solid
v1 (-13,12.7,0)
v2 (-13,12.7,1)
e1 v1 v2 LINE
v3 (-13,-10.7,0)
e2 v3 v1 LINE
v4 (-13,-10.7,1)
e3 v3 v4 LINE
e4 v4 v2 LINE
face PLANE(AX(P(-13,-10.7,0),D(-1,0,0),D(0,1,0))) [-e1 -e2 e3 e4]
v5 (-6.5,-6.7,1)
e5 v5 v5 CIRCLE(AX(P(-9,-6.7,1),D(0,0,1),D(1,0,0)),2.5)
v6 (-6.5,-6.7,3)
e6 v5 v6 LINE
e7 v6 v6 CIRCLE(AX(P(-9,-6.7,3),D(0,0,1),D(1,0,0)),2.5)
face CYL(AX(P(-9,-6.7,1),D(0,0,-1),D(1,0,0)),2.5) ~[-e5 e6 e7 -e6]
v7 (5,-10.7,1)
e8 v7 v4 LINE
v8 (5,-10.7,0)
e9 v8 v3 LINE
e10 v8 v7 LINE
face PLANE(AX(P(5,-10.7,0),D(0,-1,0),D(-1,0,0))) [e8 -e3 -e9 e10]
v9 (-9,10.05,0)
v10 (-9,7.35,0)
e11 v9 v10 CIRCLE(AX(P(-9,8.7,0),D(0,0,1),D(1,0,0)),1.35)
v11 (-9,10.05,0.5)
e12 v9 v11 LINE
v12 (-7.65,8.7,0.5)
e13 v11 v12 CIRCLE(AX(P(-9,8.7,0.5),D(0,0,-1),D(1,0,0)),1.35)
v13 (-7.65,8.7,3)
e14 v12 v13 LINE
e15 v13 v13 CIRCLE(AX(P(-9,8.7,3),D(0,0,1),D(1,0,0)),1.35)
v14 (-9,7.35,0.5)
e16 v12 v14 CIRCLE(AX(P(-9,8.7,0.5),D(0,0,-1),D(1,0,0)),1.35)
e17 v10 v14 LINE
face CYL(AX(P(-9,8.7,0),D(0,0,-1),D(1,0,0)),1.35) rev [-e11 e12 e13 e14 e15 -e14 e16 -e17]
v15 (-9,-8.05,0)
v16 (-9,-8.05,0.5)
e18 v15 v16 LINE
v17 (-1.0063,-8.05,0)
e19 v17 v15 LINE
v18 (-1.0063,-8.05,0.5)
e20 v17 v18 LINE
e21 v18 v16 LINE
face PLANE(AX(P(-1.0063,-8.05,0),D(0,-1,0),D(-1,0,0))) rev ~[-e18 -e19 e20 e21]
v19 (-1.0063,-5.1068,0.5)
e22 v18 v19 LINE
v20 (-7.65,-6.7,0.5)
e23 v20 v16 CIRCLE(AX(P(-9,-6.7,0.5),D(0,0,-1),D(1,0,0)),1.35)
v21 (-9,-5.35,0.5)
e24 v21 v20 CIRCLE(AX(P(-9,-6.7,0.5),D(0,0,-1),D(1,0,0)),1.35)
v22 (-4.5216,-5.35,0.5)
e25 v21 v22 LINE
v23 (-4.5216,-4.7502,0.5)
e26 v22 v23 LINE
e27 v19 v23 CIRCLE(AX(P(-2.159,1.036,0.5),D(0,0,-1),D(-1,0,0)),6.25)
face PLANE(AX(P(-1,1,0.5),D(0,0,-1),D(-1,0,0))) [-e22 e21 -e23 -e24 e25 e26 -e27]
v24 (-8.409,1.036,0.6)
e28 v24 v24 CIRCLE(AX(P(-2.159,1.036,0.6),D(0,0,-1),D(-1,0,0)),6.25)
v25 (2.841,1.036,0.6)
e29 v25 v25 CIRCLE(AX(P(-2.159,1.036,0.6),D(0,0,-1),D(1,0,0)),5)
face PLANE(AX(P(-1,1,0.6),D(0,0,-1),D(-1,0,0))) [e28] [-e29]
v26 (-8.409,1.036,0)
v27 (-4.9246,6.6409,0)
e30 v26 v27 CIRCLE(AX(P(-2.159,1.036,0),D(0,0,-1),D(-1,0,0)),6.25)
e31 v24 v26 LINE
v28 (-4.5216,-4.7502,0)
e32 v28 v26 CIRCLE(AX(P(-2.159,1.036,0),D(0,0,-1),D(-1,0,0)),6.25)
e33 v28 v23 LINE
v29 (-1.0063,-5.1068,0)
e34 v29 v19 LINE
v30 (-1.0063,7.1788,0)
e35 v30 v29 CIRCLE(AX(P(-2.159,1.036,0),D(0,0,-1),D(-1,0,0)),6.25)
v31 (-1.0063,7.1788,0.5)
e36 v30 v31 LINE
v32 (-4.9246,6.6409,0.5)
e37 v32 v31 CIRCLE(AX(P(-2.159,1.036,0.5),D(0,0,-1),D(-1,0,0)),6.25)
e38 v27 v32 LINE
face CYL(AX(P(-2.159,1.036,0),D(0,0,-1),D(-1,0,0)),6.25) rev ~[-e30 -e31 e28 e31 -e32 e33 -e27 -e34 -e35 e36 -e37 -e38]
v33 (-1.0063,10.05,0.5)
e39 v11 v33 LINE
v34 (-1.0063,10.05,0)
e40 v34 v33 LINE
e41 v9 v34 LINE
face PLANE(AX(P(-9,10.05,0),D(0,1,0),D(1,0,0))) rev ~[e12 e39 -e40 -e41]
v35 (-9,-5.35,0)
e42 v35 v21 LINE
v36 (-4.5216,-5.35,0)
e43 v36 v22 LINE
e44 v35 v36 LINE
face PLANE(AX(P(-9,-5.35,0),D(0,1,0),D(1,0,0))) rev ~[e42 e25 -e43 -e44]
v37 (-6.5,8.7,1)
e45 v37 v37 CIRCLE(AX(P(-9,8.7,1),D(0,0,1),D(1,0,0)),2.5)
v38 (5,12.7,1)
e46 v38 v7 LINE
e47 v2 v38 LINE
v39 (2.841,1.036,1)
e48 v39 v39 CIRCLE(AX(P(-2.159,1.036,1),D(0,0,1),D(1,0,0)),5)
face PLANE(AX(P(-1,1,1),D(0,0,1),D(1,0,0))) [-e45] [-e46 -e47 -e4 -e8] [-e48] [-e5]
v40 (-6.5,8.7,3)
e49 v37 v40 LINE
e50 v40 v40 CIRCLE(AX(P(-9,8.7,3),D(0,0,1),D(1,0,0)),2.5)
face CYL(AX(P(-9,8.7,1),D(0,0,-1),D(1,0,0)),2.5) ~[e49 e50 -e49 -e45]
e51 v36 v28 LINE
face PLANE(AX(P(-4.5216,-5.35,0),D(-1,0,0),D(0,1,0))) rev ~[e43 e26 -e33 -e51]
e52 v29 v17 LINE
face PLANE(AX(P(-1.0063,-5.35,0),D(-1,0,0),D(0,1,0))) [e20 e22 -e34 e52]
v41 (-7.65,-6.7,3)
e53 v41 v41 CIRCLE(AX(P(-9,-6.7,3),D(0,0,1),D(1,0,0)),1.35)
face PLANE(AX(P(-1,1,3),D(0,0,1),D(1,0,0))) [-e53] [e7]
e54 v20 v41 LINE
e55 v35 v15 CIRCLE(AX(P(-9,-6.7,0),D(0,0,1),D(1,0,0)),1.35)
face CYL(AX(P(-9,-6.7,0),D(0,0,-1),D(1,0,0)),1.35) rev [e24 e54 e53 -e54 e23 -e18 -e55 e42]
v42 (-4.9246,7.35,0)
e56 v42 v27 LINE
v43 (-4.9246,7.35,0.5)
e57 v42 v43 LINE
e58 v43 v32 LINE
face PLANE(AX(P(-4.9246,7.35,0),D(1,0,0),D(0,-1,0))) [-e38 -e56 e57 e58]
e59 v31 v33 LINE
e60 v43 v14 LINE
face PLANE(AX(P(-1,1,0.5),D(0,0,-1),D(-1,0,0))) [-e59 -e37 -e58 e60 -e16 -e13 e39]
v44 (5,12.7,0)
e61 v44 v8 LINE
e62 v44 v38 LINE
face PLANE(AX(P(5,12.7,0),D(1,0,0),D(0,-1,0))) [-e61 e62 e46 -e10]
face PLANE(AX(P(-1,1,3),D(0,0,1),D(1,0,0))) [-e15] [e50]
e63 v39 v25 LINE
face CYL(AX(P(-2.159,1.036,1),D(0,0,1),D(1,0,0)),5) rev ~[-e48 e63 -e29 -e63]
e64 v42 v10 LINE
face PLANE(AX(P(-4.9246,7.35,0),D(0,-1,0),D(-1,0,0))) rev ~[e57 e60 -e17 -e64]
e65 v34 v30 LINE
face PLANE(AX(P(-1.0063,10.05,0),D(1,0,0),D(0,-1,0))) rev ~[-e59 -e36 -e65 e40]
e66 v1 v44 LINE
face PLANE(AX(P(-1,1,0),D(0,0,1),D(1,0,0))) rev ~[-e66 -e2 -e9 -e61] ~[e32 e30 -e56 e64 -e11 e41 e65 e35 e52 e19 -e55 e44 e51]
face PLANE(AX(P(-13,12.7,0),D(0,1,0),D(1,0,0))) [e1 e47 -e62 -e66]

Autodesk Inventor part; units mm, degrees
ref_plane "YZ Plane" through (0, 0, 0) normal (1, 0, 0) x (0, 1, 0)
ref_plane "XZ Plane" through (0, 0, 0) normal (0, 1, 0) x (-1, 0, 0)
ref_plane "Work Plane1" through (-1, 1, 0) normal (0, 0, 1) x (1, 0, 0)
sketch "Sketch1" plane through (-1, 1, 0) normal (0, 0, 1) x (1, 0, 0)
  circle A0 centre (-8, 7.7) radius 1.35 projected
  circle A1 centre (-8, -7.7) radius 1.35 projected
  circle A2 centre (-1.159, 0.036) radius 6 construction
  line L0 (-12, 11.7) -> (6, 11.7)
  line L1 (6, 11.7) -> (6, -11.7)
  line L2 (6, -11.7) -> (-12, -11.7)
  line L3 (-12, -11.7) -> (-12, 11.7)
  point P0 (1, -1)
  dimension "d0" = 18
  dimension "d2" = 4
  dimension "d3" = 4
  dimension "d12" = 4
extrude "Extrusion1" add sketch "Sketch1" along normal blind 1
sketch "Sketch2" plane through (-1, 1, 1) normal (0, 0, 1) x (1, 0, 0)
  circle A0 centre (-1.159, 0.036) radius 6 projected
  circle A1 centre (-1.159, 0.036) radius 5
  point P0 (1, -1)
  dimension "d6" = 10
extrude "Extrusion2" cut sketch "Sketch2" against normal through all contours A1
sketch "Sketch3" plane through (-1, 1, 0) normal (0, 0, -1) x (-1, 0, 0)
  circle A0 centre (1.159, 0.036) radius 5 projected
  circle A1 centre (1.159, 0.036) radius 6.25
  point P0 (-1, -1)
  dimension "d9" = 12.5
ref_plane "Work Plane2" through (-8.159, -4.964, 0.6) normal (0, 0, -1) x (0, 1, 0)
extrude "Extrusion3" cut sketch "Sketch3" against normal up to surface (0.6 mm away)
sketch "Sketch4" plane through (-1, 1, 0) normal (0, 0, -1) x (-1, 0, 0)
  circle A0 centre (8, 7.7) radius 1.35 projected
  circle A1 centre (8, -7.7) radius 1.35 projected
  circle A2 centre (1.159, 0.036) radius 6.25 projected
  line L0 (8, 9.05) -> (0.0063, 9.05)
  line L1 (0.0063, 9.05) -> (0.0063, 6.35)
  line L2 (0.0063, 6.35) -> (8, 6.35)
  line L3 (8, 6.35) -> (8, 9.05)
  line L4 (8, -6.35) -> (0.0063, -6.35)
  line L5 (0.0063, -6.35) -> (0.0063, -9.05)
  line L6 (0.0063, -9.05) -> (8, -9.05)
  line L7 (8, -9.05) -> (8, -6.35)
  line L8 (0.0063, -6.35) -> (0.0063, -6.1068)
  line L9 (3.5216, -6.35) -> (3.5216, -5.7502)
  circle A3 centre (1.159, 0.036) radius 6.25 projected
  line L10 (3.9246, 6.35) -> (3.9246, 5.6409)
  line L11 (0.0063, 6.35) -> (0.0063, 6.1788)
  point P0 (-1, -1)
extrude "Extrusion4" cut sketch "Sketch4" against normal blind 0.5 contours L3 A0 | A0 L2 L1 L0 | L10 A2 L11 L2 | A2 | A2 L9 L4 L8 | L4 A1 L6 L5 | L7 A1 picked at (7.3128, 7.4828) picked at (7.2624, -7.8211)
sketch "Sketch5" plane through (-1, 1, 1) normal (0, 0, 1) x (1, 0, 0)
  circle A0 centre (-8, 7.7) radius 0.5 projected
  circle A1 centre (-8, 7.7) radius 1.35 projected
  circle A2 centre (-8, -7.7) radius 0.5 projected
  circle A3 centre (-8, -7.7) radius 1.35 projected
  arc A4 (-8, 9.05) -> (-8, 6.35) centre (-8, 7.7) ccw projected
  circle A5 centre (-8, 7.7) radius 2.5
  circle A6 centre (-8, -7.7) radius 2.5
  point P0 (1, -1)
  dimension "d15" = 5
  dimension "d16" = 5
extrude "Extrusion5" add sketch "Sketch5" along normal blind 2 contours A5 | A6
properties part number "00_PDMS_chamber_fluidic_v0"
